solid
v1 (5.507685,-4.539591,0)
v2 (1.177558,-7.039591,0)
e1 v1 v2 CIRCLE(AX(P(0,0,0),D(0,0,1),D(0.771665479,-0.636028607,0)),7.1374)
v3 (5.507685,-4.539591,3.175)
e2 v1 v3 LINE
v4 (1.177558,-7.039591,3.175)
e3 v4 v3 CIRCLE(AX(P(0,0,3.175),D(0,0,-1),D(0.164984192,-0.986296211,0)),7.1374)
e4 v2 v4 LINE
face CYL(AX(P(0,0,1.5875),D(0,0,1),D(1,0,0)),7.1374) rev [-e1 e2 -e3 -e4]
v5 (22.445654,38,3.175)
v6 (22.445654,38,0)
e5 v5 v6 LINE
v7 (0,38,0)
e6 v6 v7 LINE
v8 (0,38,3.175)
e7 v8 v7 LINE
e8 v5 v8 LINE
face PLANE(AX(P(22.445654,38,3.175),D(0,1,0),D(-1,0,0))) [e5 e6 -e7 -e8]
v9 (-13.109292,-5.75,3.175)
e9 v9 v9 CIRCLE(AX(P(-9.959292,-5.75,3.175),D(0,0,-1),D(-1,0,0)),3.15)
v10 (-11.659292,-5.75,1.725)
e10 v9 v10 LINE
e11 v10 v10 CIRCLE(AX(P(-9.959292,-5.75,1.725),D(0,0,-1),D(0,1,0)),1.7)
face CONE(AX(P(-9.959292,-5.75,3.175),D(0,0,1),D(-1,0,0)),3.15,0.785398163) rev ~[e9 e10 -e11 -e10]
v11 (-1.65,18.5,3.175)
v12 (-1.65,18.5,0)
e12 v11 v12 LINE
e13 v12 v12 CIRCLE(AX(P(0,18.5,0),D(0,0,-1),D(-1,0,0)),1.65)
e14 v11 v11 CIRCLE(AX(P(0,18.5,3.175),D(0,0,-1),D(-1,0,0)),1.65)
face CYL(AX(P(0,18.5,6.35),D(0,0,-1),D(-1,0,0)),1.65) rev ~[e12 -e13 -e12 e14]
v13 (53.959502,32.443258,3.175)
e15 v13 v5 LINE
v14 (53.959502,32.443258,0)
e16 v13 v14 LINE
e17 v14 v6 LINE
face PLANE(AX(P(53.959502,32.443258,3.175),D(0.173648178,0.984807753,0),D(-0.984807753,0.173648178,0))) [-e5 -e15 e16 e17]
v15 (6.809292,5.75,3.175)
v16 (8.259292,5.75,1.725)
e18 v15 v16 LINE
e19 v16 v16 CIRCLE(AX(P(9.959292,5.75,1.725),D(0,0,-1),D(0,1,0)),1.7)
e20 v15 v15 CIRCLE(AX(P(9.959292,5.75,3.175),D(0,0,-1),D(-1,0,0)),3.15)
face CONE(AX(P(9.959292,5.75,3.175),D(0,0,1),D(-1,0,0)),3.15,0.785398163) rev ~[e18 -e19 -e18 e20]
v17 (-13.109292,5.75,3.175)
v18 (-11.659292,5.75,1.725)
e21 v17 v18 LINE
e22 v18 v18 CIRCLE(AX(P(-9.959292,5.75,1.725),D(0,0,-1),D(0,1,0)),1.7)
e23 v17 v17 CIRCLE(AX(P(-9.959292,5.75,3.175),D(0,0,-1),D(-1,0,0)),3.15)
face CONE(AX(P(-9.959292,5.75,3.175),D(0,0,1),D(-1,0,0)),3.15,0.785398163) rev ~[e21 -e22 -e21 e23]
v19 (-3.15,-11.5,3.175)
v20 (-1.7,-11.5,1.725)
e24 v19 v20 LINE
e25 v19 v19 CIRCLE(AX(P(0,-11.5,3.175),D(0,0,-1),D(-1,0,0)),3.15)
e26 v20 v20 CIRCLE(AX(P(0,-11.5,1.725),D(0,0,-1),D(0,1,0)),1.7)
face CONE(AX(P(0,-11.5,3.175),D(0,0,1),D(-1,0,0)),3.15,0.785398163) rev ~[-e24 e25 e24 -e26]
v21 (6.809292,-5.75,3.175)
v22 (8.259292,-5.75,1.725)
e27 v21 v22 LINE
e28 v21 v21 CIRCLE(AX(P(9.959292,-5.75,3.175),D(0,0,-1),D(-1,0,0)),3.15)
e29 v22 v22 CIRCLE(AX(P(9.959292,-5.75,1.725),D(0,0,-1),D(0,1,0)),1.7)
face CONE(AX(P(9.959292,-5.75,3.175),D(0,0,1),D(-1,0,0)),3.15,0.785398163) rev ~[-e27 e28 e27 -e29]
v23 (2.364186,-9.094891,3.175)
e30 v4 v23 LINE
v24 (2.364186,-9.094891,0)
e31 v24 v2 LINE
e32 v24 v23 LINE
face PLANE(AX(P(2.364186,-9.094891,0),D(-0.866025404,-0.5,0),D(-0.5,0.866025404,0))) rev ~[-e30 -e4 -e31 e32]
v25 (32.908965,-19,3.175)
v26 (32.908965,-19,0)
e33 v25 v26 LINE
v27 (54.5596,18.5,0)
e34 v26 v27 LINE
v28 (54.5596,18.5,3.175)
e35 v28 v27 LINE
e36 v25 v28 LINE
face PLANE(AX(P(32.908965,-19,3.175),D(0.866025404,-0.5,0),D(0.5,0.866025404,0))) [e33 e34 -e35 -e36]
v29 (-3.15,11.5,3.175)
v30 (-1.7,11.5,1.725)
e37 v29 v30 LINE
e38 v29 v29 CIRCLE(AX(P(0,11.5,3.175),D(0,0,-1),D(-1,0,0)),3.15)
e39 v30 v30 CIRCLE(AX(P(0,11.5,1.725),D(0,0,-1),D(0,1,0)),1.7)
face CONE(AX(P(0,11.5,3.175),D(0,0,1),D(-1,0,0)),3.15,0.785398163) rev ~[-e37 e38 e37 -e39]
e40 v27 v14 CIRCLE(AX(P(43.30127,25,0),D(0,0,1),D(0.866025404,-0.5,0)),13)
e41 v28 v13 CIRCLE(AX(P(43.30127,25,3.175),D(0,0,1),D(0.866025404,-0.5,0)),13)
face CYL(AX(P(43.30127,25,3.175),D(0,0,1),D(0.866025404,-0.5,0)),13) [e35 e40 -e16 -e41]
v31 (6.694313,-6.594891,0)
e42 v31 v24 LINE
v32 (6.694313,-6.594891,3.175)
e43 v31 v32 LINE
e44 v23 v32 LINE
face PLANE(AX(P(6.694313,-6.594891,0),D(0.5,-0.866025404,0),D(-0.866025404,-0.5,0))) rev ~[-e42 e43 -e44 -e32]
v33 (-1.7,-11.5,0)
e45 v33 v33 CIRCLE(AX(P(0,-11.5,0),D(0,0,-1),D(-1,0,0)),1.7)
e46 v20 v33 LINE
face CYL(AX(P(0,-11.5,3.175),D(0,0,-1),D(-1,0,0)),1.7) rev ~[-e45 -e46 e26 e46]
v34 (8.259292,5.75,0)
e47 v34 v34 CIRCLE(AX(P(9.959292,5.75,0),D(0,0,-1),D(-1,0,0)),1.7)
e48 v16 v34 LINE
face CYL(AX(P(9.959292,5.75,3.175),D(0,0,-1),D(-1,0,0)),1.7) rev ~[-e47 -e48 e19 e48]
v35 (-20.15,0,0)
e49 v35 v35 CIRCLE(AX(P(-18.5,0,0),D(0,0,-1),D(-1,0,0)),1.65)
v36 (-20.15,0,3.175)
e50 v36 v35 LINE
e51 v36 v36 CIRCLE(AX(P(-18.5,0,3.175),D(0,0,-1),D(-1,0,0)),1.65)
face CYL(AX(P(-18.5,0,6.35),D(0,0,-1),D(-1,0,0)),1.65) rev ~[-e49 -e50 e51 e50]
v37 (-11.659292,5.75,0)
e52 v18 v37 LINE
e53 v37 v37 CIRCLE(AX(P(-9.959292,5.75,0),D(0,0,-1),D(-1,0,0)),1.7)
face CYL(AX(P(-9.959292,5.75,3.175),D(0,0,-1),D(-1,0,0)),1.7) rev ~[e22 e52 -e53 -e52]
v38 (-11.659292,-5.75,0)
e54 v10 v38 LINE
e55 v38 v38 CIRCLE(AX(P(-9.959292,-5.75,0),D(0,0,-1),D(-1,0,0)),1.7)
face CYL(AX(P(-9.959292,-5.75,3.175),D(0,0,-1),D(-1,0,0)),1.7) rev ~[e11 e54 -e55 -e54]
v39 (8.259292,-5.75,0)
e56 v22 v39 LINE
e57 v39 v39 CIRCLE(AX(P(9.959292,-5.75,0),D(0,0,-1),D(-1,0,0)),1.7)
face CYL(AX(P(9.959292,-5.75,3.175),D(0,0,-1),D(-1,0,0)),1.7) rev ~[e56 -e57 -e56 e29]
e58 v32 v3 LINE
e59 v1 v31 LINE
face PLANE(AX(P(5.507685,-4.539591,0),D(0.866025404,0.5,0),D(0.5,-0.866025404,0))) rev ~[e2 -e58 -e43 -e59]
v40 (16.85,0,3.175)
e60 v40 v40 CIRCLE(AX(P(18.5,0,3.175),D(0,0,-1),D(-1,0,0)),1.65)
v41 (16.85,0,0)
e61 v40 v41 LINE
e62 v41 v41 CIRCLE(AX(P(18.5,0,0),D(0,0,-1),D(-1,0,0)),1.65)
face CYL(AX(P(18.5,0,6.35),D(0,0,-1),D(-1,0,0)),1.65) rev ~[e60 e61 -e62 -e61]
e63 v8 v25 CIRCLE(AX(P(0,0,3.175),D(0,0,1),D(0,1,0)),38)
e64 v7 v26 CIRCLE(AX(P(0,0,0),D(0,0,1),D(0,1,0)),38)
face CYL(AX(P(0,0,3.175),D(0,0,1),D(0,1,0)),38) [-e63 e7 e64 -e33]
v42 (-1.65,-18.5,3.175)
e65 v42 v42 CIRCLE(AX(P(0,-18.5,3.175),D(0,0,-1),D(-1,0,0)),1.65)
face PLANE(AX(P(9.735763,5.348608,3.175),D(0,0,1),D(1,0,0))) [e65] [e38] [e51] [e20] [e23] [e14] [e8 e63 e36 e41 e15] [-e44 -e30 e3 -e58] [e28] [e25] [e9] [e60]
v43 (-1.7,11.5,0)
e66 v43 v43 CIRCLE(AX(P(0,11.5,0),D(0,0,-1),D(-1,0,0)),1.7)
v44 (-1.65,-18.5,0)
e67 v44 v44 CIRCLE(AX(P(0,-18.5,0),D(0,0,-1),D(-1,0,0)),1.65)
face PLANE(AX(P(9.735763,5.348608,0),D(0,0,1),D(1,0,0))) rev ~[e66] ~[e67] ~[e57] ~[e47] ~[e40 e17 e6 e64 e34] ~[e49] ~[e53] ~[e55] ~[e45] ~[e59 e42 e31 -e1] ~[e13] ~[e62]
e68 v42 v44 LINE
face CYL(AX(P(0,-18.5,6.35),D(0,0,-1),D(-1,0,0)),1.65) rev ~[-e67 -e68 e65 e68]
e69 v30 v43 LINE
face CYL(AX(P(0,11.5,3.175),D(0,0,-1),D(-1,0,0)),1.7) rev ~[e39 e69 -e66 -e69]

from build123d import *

# Parameters (mm, degrees)
BOSS_EXTRUDE1_DEPTH                             = 3.175
CUT_EXTRUDE1_DEPTH                              = 4.175
SKETCH3_W                                       = 7.1374
SKETCH3_H                                       = 3.175
F_3_3_3_3_DIAMETER_HOLE1_D                      = 3.3
F_3_3_3_3_DIAMETER_HOLE1_DEPTH                  = 3.175
CSK_FOR_M3_FLAT_HEAD_MACHINE_SCREW1_D           = 3.4
CSK_FOR_M3_FLAT_HEAD_MACHINE_SCREW1_DEPTH       = 3.175
CSK_FOR_M3_FLAT_HEAD_MACHINE_SCREW1_CSINK_D     = 6.3
CSK_FOR_M3_FLAT_HEAD_MACHINE_SCREW1_CSINK_ANGLE = 90


with BuildPart() as part:
    # Sketch1 → Boss-Extrude1 (new body)
    with BuildSketch(Plane.XY.offset(3.175)):
        with BuildLine():
            Line((32.908965344, -19), (54.559600438, 18.5))
            ThreePointArc((54.559600438, 18.5), (56.289246799, 25.558984429), (53.959502015, 32.443258315))
            Line((53.959502015, 32.443258315), (22.445653919, 38))
            Line((22.445653919, 38), (0, 38))
            ThreePointArc((0, 38), (-32.908965344, -19), (32.908965344, -19))
        make_face()
    extrude(amount=-BOSS_EXTRUDE1_DEPTH)

    # Sketch2 → Cut-Extrude1 (cut, through all)
    with BuildSketch(Plane(origin=(0, 0, 0), x_dir=(-1, 0, 0), z_dir=(0, 0, -1))):
        with BuildLine():
            Line((-5.507685189, -4.539590579), (-6.694313457, -6.59489103))
            Line((-6.694313457, -6.59489103), (-2.364186438, -9.09489103))
            Line((-2.364186438, -9.09489103), (-1.17755817, -7.039590579))
            ThreePointArc((-1.17755817, -7.039590579), (-3.5687, -6.181169717), (-5.507685189, -4.539590579))
        make_face()
    extrude(amount=-CUT_EXTRUDE1_DEPTH, mode=Mode.SUBTRACT)

    # Sketch3 → Cut-Revolve1 (revolve, cut)
    with BuildSketch(Plane.XZ):
        with Locations((3.5687, 1.5875)):
            Rectangle(SKETCH3_W, SKETCH3_H)
    revolve(axis=Axis((0, 0, 3.175), (0, 0, -1)), mode=Mode.SUBTRACT)

    # Ø3.3 (3.3) Diameter Hole1
    with Locations(Plane.XY.offset(3.175)):
        with Locations((18.5, 0), (0, -18.5), (-18.5, 0), (0, 18.5)):
            Hole(F_3_3_3_3_DIAMETER_HOLE1_D / 2, depth=F_3_3_3_3_DIAMETER_HOLE1_DEPTH)

    # CSK for M3 Flat Head Machine Screw1
    with Locations(Plane.XY.offset(3.175)):
        with Locations((-9.959292144, 5.75), (-9.959292144, -5.75), (0, -11.5), (9.959292144, -5.75), (9.959292144, 5.75), (0, 11.5)):
            CounterSinkHole(CSK_FOR_M3_FLAT_HEAD_MACHINE_SCREW1_D / 2, CSK_FOR_M3_FLAT_HEAD_MACHINE_SCREW1_CSINK_D / 2, depth=CSK_FOR_M3_FLAT_HEAD_MACHINE_SCREW1_DEPTH, counter_sink_angle=CSK_FOR_M3_FLAT_HEAD_MACHINE_SCREW1_CSINK_ANGLE)


solid = part.part
